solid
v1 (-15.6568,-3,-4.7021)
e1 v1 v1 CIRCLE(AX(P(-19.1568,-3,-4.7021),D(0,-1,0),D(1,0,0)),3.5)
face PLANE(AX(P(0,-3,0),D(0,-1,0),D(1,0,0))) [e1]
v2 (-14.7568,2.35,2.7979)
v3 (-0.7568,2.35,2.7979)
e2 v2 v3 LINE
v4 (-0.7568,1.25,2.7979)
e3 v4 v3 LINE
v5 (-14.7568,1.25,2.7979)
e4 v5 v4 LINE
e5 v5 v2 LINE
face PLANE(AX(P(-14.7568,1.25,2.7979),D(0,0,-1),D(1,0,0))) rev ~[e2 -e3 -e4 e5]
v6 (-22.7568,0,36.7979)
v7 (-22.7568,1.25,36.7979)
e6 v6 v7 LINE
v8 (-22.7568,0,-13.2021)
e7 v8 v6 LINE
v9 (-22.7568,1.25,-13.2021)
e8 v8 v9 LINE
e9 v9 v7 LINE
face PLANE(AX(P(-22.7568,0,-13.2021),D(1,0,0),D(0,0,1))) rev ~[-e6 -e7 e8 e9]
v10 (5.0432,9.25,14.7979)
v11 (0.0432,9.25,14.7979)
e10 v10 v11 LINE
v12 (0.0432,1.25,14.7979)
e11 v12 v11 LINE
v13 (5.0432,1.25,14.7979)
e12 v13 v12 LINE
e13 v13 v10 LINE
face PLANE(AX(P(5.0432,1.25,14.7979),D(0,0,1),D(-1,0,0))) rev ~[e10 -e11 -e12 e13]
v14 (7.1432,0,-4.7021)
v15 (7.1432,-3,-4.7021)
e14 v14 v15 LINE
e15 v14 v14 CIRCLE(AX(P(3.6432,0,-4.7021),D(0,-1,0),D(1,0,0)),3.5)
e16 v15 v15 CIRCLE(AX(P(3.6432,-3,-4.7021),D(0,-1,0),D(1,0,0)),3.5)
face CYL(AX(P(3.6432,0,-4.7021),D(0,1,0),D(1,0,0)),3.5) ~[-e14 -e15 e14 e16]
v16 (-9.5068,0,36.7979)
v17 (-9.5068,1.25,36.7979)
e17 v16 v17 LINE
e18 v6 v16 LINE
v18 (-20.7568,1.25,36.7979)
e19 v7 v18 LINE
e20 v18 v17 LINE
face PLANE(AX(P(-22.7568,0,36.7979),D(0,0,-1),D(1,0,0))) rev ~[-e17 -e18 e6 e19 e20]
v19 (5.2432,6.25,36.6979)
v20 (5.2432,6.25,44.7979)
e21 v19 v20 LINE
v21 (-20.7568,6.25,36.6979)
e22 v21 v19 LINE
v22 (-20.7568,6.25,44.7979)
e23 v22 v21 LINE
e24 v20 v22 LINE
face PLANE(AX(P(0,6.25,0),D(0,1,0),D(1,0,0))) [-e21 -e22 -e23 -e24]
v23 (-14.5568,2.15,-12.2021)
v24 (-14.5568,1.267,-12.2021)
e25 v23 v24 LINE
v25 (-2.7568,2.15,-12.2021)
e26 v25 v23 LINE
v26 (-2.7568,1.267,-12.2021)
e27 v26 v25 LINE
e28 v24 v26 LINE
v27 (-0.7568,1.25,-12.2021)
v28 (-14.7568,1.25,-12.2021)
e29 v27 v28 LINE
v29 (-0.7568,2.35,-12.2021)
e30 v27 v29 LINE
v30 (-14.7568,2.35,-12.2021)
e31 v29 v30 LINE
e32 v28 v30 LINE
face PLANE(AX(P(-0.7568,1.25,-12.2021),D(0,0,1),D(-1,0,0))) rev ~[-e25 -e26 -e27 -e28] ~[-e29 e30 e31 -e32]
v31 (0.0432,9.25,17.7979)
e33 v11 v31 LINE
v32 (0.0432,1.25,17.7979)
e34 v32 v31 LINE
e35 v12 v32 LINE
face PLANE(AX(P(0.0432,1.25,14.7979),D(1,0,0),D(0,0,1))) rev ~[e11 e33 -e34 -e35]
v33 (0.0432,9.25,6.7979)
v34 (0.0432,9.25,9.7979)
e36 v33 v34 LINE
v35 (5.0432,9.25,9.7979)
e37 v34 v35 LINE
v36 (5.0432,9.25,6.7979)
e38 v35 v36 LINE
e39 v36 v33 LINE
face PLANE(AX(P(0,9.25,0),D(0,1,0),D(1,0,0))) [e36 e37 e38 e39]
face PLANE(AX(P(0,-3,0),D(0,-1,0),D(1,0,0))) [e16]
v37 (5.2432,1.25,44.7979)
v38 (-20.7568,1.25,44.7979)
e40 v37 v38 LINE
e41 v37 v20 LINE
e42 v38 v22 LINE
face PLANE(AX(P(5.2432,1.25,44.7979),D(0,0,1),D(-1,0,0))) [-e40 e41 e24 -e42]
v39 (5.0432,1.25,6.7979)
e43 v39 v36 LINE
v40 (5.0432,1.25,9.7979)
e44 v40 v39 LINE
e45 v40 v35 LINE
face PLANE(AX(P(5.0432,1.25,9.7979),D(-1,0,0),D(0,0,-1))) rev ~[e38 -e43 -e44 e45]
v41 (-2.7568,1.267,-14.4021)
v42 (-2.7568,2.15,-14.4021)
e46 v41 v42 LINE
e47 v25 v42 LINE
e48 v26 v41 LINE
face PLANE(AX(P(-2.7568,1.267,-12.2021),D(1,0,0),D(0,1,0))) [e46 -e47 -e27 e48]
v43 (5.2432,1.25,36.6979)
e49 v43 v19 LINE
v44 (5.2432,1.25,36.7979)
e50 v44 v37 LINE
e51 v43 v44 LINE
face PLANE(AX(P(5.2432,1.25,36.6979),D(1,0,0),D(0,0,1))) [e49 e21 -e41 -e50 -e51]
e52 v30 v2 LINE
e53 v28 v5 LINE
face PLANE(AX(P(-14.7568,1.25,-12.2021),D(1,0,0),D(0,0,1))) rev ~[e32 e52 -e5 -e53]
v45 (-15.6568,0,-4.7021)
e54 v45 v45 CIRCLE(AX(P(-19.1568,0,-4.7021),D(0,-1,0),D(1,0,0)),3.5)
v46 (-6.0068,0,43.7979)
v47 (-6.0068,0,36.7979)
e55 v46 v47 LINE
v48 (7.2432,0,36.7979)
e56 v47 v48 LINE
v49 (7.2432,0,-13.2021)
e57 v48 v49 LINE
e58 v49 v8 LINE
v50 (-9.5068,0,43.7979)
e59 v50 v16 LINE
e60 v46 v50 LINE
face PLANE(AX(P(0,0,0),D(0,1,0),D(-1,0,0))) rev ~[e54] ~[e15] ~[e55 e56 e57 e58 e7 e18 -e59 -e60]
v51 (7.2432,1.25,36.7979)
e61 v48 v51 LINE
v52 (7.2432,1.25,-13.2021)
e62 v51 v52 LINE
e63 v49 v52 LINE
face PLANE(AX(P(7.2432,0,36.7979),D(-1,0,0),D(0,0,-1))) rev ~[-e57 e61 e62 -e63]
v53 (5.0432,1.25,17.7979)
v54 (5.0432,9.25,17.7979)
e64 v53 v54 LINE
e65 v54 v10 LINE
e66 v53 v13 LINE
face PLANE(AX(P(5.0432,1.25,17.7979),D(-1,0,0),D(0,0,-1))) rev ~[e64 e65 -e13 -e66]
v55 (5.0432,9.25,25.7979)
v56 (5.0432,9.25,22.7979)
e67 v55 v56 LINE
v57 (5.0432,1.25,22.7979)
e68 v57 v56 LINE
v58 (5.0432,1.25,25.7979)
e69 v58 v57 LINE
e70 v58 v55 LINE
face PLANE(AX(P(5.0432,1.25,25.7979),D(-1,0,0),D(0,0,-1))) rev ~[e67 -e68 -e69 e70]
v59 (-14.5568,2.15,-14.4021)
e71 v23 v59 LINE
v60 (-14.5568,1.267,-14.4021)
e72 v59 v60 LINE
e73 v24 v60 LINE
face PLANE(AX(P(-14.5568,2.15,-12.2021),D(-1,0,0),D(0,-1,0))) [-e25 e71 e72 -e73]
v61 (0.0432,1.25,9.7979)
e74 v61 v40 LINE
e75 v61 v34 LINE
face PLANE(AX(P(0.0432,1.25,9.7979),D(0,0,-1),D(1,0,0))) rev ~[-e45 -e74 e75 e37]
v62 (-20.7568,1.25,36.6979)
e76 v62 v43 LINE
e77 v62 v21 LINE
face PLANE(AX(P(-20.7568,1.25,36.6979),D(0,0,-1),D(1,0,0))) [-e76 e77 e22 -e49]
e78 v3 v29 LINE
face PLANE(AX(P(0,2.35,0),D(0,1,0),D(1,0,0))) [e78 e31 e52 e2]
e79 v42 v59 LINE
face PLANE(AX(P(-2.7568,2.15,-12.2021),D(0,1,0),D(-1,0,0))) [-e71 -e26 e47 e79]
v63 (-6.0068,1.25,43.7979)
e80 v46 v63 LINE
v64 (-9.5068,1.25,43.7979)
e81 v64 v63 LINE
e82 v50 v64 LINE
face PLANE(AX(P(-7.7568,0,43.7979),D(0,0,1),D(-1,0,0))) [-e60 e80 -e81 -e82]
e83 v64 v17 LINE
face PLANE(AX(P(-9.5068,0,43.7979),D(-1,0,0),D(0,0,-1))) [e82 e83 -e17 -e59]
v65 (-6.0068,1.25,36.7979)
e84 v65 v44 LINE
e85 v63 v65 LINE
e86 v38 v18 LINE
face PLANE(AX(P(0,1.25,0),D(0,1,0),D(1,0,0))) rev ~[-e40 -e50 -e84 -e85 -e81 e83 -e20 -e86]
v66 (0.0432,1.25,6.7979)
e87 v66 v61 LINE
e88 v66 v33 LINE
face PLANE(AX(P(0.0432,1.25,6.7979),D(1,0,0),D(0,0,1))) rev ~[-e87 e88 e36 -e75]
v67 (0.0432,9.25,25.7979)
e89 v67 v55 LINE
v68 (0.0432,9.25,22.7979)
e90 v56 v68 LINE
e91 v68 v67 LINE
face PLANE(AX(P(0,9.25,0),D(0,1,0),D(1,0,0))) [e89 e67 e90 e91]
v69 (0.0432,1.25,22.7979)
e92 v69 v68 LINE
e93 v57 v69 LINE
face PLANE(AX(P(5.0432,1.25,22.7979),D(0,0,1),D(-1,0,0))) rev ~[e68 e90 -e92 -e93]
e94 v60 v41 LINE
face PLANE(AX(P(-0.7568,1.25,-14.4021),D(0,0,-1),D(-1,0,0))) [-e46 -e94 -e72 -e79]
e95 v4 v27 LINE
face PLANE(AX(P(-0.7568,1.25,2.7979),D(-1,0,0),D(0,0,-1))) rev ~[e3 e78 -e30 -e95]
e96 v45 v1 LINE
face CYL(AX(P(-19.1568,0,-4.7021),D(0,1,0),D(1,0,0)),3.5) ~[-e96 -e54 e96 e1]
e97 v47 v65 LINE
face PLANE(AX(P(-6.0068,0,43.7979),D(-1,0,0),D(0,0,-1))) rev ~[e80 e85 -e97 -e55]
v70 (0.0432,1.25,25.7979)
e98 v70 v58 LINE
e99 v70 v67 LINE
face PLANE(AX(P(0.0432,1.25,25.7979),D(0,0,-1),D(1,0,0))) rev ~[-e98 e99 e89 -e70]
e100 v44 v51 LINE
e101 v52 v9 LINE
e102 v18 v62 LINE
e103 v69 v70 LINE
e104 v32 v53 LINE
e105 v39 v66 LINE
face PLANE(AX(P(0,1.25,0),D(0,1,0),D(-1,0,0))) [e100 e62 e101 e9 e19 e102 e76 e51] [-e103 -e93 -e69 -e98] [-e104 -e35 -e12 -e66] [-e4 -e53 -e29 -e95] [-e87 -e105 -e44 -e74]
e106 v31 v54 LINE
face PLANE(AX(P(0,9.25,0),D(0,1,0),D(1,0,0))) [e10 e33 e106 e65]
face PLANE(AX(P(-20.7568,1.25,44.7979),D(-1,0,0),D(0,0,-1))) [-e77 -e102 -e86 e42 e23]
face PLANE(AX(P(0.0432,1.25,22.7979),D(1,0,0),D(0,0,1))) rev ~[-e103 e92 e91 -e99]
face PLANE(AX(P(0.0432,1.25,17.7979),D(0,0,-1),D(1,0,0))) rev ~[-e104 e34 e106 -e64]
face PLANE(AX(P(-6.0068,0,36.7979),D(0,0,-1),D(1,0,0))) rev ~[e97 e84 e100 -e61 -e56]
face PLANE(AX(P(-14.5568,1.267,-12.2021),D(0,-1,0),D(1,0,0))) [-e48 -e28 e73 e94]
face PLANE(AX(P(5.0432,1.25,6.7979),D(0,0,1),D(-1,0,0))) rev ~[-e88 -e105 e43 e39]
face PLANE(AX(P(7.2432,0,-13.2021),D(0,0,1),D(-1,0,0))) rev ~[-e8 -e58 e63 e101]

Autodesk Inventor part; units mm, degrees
ref_plane "YZ Plane" through (0, 0, 0) normal (1, 0, 0) x (0, 1, 0)
ref_plane "XZ Plane" through (0, 0, 0) normal (0, 1, 0) x (-1, 0, 0)
ref_plane "XY Plane" through (0, 0, 0) normal (0, 0, 1) x (1, 0, 0)
sketch "Sketch1" plane through (0, 0, 0) normal (0, 1, 0) x (-1, 0, 0)
  line L0 (22.7568, 36.7979) -> (-7.2432, 36.7979)
  line L1 (-7.2432, 36.7979) -> (-7.2432, -13.2021)
  line L2 (-7.2432, -13.2021) -> (22.7568, -13.2021)
  line L3 (22.7568, -13.2021) -> (22.7568, 36.7979)
  line L4 (7.7568, 36.7979) -> (7.7568, 43.7979)
  line L5 (7.7568, 43.7979) -> (9.5068, 43.7979)
  line L6 (9.5068, 43.7979) -> (9.5068, 36.7979)
  line L7 (9.5068, 43.7979) -> (6.0068, 43.7979)
  line L8 (6.0068, 43.7979) -> (6.0068, 36.7979)
  point P0 (0, 0)
  dimension "d0" = 30
  dimension "d1" = 50
  dimension "d2" = 7
  dimension "d3" = 1.75
  dimension "d4" = 3.5
extrude "Extrusion1" add sketch "Sketch1" along normal blind 1.25
sketch "Sketch2" plane through (0, 1.25, 0) normal (0, 1, 0) x (1, 0, 0)
  line L0 (-20.7568, -36.6979) -> (5.2432, -36.6979)
  line L1 (5.2432, -36.6979) -> (5.2432, -44.7979)
  line L2 (5.2432, -44.7979) -> (-20.7568, -44.7979)
  line L3 (-20.7568, -44.7979) -> (-20.7568, -36.6979)
  line L4 (-9.5068, -43.7979) -> (-6.0068, -43.7979) projected
  line L5 (-6.0068, -43.7979) -> (-9.5068, -43.7979)
  line L6 (-22.7568, 13.2021) -> (-22.7568, -36.7979) projected
  line L7 (7.2432, -36.7979) -> (7.2432, 13.2021) projected
  point P0 (0, 0)
  point P1 (-7.7568, -43.7979)
  point P2 (5.2432, -40.7479)
  dimension "d7" = 1
  dimension "d8" = 8.1
  dimension "d9" = 2
  dimension "d10" = 2
extrude "Extrusion2" add sketch "Sketch2" along normal blind 5
sketch "Sketch3" plane through (0, 1.25, 0) normal (0, 1, 0) x (1, 0, 0)
  line L0 (0.0432, -9.7979) -> (5.0432, -9.7979)
  line L1 (5.0432, -9.7979) -> (5.0432, -6.7979)
  line L2 (5.0432, -6.7979) -> (0.0432, -6.7979)
  line L3 (0.0432, -6.7979) -> (0.0432, -9.7979)
  line L4 (0.0432, -17.7979) -> (5.0432, -17.7979)
  line L5 (5.0432, -17.7979) -> (5.0432, -14.7979)
  line L6 (5.0432, -14.7979) -> (0.0432, -14.7979)
  line L7 (0.0432, -14.7979) -> (0.0432, -17.7979)
  line L8 (0.0432, -25.7979) -> (5.0432, -25.7979)
  line L9 (5.0432, -25.7979) -> (5.0432, -22.7979)
  line L10 (5.0432, -22.7979) -> (0.0432, -22.7979)
  line L11 (0.0432, -22.7979) -> (0.0432, -25.7979)
  line L12 (7.2432, -36.7979) -> (7.2432, 13.2021) projected
  line L13 (7.2432, 13.2021) -> (-22.7568, 13.2021) projected
  point P0 (0, 0)
  point P1 (-0.1282, -6.8631)
  point P2 (-0.0024, -12.7771)
  point P3 (5.0432, -8.2979)
  point P4 (5.0432, -16.2979)
  point P5 (5.0432, -24.2979)
  point P6 (2.5432, -17.7979)
  point P7 (2.5432, -22.7979)
  dimension "d13" = 5
  dimension "d14" = 3
  dimension "d15" = 5
  dimension "d16" = 3
  dimension "d17" = 5
  dimension "d18" = 3
  dimension "d19" = 2.2
  dimension "d20" = 2.2
  dimension "d21" = 2.2
  dimension "d22" = 20
  dimension "d23" = 5
  dimension "d24" = 5
extrude "Extrusion3" add sketch "Sketch3" along normal blind 8
sketch "Sketch4" plane through (0, 1.25, 0) normal (0, 1, 0) x (1, 0, 0)
  line L0 (-14.7568, -2.7979) -> (-0.7568, -2.7979)
  line L1 (-0.7568, -2.7979) -> (-0.7568, 12.2021)
  line L2 (-0.7568, 12.2021) -> (-14.7568, 12.2021)
  line L3 (-14.7568, 12.2021) -> (-14.7568, -2.7979)
  line L4 (-22.7568, 13.2021) -> (-22.7568, -36.7979) projected
  line L5 (7.2432, -36.7979) -> (7.2432, 13.2021) projected
  line L6 (7.2432, 13.2021) -> (-22.7568, 13.2021) projected
  point P0 (0, 0)
  dimension "d27" = 8
  dimension "d28" = 8
  dimension "d29" = 1
  dimension "d30" = 15
extrude "Extrusion4" add sketch "Sketch4" along normal blind 1.1
sketch "Sketch5" plane through (-0.7568, 1.25, -12.2021) normal (0, 0, -1) x (-1, 0, 0)
  line L0 (2, 0.9) -> (13.8, 0.9)
  line L1 (13.8, 0.9) -> (13.8, 0.017)
  line L2 (13.8, 0.017) -> (2, 0.017)
  line L3 (2, 0.017) -> (2, 0.9)
  line L4 (0, 0) -> (0, 1.1) projected
  line L5 (14, 0) -> (14, 1.1) projected
  line L6 (0, 1.1) -> (14, 1.1) projected
  line L7 (-8, 0) -> (22, 0) projected
  point P0 (-0.7568, -1.25)
  point P1 (0, 0.55)
  point P2 (2, 0.4585)
  point P3 (14, 0.55)
  point P4 (13.8, 0.4585)
  dimension "d33" = 2
  dimension "d34" = 0.2
  dimension "d35" = 0.2
  dimension "d36" = 0.017
extrude "Extrusion5" add sketch "Sketch5" along normal blind 2.2 contours L0 L1 L2 L3
sketch "Sketch6" plane through (0, 0, 0) normal (0, -1, 0) x (1, 0, 0)
  circle A0 centre (3.6432, -4.7021) radius 3.5
  circle A1 centre (-19.1568, -4.7021) radius 3.5
  line L0 (7.2432, -13.2021) -> (-22.7568, -13.2021) projected
  line L1 (-22.7568, -13.2021) -> (-22.7568, 36.7979) projected
  line L2 (7.2432, 36.7979) -> (7.2432, -13.2021) projected
  point P0 (0, 0)
  dimension "d39" = 7
  dimension "d40" = 7
  dimension "d41" = 8.5
  dimension "d42" = 8.5
  dimension "d43" = 3.6
  dimension "d44" = 3.6
extrude "Extrusion6" add sketch "Sketch6" along normal blind 3
properties part number "Sd card reader"
